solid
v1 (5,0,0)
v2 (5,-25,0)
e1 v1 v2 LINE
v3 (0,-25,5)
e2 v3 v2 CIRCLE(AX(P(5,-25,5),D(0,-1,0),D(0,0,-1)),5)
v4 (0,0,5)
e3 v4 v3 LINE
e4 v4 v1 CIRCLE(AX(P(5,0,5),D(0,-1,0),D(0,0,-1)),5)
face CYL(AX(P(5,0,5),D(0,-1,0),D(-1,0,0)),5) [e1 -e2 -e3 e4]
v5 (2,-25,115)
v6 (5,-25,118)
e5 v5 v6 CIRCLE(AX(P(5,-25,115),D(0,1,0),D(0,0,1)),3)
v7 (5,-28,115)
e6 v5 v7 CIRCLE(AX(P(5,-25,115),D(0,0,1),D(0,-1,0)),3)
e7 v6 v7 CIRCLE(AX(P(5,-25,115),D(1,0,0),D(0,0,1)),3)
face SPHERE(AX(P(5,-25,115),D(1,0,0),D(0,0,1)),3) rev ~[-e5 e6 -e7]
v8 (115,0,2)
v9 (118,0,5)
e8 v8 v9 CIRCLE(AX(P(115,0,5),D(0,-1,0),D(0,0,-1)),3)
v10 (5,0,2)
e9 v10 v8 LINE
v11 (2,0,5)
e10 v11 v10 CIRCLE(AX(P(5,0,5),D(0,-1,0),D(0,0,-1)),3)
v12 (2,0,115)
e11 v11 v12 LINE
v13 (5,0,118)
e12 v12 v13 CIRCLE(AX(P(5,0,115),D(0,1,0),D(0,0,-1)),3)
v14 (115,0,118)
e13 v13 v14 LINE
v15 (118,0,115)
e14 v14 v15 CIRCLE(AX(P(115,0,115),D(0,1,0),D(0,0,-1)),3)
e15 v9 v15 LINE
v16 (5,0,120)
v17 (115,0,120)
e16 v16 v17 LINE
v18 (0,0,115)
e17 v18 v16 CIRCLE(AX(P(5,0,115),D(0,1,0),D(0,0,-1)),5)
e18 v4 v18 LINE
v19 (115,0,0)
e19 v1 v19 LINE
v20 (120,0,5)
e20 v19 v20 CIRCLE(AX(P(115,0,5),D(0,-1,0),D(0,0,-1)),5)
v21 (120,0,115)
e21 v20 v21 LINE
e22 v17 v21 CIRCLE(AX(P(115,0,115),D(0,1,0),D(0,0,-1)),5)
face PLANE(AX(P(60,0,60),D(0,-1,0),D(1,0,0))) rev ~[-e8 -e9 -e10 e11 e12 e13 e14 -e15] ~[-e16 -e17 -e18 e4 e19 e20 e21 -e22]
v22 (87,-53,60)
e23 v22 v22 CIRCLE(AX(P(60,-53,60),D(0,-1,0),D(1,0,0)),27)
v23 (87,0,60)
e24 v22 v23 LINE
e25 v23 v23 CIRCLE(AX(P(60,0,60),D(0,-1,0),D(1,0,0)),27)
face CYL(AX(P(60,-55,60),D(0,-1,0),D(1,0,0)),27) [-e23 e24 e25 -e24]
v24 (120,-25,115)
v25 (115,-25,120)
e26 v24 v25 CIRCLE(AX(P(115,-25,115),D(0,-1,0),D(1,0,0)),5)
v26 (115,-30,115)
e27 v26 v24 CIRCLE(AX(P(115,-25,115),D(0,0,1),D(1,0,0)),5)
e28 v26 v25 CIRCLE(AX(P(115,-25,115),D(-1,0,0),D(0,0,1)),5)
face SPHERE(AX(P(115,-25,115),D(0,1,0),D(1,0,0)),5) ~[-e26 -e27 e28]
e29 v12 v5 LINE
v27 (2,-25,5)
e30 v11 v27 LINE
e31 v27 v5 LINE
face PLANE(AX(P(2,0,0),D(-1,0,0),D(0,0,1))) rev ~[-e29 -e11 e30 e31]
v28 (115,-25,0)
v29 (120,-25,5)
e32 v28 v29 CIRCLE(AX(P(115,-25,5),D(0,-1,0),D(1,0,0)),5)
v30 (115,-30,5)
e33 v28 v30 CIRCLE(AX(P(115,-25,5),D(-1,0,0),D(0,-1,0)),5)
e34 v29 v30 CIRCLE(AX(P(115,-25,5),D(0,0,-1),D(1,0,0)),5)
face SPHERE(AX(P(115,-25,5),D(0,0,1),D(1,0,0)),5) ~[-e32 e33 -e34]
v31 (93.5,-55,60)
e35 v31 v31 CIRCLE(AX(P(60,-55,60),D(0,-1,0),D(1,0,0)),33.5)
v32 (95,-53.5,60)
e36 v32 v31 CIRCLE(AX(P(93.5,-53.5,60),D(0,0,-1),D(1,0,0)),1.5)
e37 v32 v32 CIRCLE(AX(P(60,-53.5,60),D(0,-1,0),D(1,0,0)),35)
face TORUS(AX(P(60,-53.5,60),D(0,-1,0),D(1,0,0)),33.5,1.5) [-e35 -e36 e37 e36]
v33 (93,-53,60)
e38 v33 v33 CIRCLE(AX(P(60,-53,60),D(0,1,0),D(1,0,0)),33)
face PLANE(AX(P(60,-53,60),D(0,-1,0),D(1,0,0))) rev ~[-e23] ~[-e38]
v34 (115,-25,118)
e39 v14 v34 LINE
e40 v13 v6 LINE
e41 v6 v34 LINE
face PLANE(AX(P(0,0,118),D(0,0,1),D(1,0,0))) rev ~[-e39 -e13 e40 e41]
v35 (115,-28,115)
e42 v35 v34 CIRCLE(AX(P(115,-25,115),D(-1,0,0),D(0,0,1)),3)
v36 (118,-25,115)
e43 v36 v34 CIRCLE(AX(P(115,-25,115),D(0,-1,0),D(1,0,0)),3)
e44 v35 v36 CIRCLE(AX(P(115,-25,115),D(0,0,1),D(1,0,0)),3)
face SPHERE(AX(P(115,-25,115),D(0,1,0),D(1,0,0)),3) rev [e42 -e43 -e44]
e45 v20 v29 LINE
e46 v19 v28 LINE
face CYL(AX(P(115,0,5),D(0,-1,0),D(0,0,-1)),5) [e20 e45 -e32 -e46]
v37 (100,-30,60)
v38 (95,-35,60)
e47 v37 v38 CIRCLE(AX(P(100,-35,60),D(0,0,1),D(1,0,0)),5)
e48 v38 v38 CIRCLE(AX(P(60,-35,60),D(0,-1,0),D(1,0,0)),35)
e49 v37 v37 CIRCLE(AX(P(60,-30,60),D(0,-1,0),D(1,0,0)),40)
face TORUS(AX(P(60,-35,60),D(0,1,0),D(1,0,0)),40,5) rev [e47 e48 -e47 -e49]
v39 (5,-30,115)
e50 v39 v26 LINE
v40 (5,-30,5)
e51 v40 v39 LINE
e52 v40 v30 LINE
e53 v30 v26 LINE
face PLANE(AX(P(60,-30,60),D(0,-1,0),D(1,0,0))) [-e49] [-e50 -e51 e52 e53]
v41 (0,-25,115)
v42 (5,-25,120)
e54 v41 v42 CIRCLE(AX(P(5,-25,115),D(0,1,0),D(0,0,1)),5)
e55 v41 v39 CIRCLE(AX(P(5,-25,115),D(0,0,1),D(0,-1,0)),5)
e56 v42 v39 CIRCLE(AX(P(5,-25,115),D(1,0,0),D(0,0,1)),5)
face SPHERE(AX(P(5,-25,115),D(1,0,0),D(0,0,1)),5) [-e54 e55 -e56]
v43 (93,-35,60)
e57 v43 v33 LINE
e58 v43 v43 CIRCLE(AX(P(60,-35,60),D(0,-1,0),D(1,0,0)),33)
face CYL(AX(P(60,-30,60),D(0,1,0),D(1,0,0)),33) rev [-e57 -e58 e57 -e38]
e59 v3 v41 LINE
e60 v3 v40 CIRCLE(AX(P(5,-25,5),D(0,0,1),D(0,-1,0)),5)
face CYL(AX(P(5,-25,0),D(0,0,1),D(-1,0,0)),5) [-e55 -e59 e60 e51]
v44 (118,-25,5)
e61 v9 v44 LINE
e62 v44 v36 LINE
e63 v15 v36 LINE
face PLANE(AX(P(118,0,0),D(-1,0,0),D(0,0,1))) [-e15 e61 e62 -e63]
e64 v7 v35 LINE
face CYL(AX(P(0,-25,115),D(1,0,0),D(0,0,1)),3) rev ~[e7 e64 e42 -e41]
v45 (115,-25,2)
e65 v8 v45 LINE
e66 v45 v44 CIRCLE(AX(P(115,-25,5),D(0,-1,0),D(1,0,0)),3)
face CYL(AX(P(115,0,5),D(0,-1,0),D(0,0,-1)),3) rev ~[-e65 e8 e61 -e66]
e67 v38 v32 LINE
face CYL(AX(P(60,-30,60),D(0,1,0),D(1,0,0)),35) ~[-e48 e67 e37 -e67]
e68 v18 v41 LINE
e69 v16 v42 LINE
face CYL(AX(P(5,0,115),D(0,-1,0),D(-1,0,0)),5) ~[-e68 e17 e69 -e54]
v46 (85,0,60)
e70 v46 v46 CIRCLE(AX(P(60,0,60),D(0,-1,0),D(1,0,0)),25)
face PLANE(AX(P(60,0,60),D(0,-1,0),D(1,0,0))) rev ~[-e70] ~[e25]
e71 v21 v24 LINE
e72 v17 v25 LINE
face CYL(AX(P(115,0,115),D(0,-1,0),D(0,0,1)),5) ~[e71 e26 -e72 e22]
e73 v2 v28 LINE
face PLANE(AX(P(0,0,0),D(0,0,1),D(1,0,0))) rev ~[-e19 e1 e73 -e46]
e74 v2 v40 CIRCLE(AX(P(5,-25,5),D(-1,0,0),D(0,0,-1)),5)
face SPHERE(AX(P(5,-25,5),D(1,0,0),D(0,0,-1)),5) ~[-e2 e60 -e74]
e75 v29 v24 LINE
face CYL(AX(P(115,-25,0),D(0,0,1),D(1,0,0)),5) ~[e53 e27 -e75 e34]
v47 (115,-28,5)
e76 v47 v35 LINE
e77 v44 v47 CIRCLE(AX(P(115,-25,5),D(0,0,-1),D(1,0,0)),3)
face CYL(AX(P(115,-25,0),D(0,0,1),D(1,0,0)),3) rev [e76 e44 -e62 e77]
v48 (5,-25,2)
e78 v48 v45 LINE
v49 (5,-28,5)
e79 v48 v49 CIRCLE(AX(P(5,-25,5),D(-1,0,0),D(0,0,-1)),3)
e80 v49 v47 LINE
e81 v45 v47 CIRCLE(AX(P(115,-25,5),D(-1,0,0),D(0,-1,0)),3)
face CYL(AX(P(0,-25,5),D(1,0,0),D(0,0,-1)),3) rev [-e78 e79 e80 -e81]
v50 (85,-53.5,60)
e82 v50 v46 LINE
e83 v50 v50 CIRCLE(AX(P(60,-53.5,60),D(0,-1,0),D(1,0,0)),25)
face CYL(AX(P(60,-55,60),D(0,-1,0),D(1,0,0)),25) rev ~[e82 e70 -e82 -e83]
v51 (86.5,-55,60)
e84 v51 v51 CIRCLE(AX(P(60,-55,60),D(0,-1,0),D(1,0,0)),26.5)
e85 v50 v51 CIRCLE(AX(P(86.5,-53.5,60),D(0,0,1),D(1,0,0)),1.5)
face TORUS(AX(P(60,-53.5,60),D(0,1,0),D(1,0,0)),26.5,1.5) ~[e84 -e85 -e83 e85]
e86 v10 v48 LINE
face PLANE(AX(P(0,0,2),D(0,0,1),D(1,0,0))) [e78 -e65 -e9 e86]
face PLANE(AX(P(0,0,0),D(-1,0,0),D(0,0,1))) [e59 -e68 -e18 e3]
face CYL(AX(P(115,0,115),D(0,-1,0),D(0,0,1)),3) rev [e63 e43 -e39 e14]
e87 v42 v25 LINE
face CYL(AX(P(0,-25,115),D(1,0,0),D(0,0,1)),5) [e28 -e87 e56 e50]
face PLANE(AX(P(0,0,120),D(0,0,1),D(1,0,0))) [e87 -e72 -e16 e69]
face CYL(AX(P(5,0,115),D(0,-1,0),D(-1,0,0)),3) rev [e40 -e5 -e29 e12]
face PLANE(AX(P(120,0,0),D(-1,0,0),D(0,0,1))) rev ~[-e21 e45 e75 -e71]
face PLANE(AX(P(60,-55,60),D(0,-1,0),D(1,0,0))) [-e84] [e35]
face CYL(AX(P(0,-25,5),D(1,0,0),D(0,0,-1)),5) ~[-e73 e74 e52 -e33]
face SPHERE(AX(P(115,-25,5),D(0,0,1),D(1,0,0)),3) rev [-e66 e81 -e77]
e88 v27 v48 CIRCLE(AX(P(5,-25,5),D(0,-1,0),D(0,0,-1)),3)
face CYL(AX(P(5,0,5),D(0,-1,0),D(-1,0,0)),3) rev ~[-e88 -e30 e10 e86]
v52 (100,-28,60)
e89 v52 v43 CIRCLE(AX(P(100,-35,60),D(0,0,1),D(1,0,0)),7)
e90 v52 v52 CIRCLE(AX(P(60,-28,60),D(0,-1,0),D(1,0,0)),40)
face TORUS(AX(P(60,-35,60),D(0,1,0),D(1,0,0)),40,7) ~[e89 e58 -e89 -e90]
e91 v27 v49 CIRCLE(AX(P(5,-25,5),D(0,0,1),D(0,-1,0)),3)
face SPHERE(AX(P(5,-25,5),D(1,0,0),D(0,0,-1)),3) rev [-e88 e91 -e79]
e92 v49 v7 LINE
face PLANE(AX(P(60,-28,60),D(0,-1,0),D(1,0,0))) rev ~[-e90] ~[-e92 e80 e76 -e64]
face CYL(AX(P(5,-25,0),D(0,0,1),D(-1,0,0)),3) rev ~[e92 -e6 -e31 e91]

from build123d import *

# Parameters (mm, degrees)
F0_W     = 120
F0_H     = 120
F1_DEPTH = 30
F2_R     = 35
F3_DEPTH = 25
F4_R     = 25
F5_DEPTH = 55.001
F6_R     = 1.5
F7_R     = 5
F8_T     = -2


with BuildPart() as f1:
    # F0 (on Front) → F1 (new body)
    with BuildSketch(Plane.XZ):
        with Locations((60, 60)):
            Rectangle(F0_W, F0_H)
    extrude(amount=F1_DEPTH)

    # F2 (on face) → F3 (join)
    with BuildSketch(Plane.XZ.offset(30)):
        with Locations((60, 60)):
            Circle(F2_R)
    extrude(amount=F3_DEPTH)

    # F4 (on face) → F5 (cut, through all)
    with BuildSketch(Plane.XZ.offset(55)):
        with Locations((60, 60)):
            Circle(F4_R)
    extrude(amount=-F5_DEPTH, mode=Mode.SUBTRACT)

    # F6
    f6_edges = [f1.edges().sort_by_distance(p)[0] for p in [
        (35, -55, 60),
        (25, -55, 60),
    ]]
    fillet(f6_edges, radius=F6_R)

    # F7
    f7_edges = [f1.edges().sort_by_distance(p)[0] for p in [
        (25, -30, 60),
        (120, -15, 120),
        (120, -30, 60),
        (60, -30, 120),
        (0, -15, 120),
        (120, -15, 0),
        (60, -30, 0),
        (0, -15, 0),
        (0, -30, 60),
    ]]
    fillet(f7_edges, radius=F7_R)

    # F8
    f8_openings = [f1.faces().sort_by_distance(p)[0] for p in [
        (1.697056, 0, 60),
    ]]
    offset(amount=F8_T, openings=f8_openings)


solid = f1.part
